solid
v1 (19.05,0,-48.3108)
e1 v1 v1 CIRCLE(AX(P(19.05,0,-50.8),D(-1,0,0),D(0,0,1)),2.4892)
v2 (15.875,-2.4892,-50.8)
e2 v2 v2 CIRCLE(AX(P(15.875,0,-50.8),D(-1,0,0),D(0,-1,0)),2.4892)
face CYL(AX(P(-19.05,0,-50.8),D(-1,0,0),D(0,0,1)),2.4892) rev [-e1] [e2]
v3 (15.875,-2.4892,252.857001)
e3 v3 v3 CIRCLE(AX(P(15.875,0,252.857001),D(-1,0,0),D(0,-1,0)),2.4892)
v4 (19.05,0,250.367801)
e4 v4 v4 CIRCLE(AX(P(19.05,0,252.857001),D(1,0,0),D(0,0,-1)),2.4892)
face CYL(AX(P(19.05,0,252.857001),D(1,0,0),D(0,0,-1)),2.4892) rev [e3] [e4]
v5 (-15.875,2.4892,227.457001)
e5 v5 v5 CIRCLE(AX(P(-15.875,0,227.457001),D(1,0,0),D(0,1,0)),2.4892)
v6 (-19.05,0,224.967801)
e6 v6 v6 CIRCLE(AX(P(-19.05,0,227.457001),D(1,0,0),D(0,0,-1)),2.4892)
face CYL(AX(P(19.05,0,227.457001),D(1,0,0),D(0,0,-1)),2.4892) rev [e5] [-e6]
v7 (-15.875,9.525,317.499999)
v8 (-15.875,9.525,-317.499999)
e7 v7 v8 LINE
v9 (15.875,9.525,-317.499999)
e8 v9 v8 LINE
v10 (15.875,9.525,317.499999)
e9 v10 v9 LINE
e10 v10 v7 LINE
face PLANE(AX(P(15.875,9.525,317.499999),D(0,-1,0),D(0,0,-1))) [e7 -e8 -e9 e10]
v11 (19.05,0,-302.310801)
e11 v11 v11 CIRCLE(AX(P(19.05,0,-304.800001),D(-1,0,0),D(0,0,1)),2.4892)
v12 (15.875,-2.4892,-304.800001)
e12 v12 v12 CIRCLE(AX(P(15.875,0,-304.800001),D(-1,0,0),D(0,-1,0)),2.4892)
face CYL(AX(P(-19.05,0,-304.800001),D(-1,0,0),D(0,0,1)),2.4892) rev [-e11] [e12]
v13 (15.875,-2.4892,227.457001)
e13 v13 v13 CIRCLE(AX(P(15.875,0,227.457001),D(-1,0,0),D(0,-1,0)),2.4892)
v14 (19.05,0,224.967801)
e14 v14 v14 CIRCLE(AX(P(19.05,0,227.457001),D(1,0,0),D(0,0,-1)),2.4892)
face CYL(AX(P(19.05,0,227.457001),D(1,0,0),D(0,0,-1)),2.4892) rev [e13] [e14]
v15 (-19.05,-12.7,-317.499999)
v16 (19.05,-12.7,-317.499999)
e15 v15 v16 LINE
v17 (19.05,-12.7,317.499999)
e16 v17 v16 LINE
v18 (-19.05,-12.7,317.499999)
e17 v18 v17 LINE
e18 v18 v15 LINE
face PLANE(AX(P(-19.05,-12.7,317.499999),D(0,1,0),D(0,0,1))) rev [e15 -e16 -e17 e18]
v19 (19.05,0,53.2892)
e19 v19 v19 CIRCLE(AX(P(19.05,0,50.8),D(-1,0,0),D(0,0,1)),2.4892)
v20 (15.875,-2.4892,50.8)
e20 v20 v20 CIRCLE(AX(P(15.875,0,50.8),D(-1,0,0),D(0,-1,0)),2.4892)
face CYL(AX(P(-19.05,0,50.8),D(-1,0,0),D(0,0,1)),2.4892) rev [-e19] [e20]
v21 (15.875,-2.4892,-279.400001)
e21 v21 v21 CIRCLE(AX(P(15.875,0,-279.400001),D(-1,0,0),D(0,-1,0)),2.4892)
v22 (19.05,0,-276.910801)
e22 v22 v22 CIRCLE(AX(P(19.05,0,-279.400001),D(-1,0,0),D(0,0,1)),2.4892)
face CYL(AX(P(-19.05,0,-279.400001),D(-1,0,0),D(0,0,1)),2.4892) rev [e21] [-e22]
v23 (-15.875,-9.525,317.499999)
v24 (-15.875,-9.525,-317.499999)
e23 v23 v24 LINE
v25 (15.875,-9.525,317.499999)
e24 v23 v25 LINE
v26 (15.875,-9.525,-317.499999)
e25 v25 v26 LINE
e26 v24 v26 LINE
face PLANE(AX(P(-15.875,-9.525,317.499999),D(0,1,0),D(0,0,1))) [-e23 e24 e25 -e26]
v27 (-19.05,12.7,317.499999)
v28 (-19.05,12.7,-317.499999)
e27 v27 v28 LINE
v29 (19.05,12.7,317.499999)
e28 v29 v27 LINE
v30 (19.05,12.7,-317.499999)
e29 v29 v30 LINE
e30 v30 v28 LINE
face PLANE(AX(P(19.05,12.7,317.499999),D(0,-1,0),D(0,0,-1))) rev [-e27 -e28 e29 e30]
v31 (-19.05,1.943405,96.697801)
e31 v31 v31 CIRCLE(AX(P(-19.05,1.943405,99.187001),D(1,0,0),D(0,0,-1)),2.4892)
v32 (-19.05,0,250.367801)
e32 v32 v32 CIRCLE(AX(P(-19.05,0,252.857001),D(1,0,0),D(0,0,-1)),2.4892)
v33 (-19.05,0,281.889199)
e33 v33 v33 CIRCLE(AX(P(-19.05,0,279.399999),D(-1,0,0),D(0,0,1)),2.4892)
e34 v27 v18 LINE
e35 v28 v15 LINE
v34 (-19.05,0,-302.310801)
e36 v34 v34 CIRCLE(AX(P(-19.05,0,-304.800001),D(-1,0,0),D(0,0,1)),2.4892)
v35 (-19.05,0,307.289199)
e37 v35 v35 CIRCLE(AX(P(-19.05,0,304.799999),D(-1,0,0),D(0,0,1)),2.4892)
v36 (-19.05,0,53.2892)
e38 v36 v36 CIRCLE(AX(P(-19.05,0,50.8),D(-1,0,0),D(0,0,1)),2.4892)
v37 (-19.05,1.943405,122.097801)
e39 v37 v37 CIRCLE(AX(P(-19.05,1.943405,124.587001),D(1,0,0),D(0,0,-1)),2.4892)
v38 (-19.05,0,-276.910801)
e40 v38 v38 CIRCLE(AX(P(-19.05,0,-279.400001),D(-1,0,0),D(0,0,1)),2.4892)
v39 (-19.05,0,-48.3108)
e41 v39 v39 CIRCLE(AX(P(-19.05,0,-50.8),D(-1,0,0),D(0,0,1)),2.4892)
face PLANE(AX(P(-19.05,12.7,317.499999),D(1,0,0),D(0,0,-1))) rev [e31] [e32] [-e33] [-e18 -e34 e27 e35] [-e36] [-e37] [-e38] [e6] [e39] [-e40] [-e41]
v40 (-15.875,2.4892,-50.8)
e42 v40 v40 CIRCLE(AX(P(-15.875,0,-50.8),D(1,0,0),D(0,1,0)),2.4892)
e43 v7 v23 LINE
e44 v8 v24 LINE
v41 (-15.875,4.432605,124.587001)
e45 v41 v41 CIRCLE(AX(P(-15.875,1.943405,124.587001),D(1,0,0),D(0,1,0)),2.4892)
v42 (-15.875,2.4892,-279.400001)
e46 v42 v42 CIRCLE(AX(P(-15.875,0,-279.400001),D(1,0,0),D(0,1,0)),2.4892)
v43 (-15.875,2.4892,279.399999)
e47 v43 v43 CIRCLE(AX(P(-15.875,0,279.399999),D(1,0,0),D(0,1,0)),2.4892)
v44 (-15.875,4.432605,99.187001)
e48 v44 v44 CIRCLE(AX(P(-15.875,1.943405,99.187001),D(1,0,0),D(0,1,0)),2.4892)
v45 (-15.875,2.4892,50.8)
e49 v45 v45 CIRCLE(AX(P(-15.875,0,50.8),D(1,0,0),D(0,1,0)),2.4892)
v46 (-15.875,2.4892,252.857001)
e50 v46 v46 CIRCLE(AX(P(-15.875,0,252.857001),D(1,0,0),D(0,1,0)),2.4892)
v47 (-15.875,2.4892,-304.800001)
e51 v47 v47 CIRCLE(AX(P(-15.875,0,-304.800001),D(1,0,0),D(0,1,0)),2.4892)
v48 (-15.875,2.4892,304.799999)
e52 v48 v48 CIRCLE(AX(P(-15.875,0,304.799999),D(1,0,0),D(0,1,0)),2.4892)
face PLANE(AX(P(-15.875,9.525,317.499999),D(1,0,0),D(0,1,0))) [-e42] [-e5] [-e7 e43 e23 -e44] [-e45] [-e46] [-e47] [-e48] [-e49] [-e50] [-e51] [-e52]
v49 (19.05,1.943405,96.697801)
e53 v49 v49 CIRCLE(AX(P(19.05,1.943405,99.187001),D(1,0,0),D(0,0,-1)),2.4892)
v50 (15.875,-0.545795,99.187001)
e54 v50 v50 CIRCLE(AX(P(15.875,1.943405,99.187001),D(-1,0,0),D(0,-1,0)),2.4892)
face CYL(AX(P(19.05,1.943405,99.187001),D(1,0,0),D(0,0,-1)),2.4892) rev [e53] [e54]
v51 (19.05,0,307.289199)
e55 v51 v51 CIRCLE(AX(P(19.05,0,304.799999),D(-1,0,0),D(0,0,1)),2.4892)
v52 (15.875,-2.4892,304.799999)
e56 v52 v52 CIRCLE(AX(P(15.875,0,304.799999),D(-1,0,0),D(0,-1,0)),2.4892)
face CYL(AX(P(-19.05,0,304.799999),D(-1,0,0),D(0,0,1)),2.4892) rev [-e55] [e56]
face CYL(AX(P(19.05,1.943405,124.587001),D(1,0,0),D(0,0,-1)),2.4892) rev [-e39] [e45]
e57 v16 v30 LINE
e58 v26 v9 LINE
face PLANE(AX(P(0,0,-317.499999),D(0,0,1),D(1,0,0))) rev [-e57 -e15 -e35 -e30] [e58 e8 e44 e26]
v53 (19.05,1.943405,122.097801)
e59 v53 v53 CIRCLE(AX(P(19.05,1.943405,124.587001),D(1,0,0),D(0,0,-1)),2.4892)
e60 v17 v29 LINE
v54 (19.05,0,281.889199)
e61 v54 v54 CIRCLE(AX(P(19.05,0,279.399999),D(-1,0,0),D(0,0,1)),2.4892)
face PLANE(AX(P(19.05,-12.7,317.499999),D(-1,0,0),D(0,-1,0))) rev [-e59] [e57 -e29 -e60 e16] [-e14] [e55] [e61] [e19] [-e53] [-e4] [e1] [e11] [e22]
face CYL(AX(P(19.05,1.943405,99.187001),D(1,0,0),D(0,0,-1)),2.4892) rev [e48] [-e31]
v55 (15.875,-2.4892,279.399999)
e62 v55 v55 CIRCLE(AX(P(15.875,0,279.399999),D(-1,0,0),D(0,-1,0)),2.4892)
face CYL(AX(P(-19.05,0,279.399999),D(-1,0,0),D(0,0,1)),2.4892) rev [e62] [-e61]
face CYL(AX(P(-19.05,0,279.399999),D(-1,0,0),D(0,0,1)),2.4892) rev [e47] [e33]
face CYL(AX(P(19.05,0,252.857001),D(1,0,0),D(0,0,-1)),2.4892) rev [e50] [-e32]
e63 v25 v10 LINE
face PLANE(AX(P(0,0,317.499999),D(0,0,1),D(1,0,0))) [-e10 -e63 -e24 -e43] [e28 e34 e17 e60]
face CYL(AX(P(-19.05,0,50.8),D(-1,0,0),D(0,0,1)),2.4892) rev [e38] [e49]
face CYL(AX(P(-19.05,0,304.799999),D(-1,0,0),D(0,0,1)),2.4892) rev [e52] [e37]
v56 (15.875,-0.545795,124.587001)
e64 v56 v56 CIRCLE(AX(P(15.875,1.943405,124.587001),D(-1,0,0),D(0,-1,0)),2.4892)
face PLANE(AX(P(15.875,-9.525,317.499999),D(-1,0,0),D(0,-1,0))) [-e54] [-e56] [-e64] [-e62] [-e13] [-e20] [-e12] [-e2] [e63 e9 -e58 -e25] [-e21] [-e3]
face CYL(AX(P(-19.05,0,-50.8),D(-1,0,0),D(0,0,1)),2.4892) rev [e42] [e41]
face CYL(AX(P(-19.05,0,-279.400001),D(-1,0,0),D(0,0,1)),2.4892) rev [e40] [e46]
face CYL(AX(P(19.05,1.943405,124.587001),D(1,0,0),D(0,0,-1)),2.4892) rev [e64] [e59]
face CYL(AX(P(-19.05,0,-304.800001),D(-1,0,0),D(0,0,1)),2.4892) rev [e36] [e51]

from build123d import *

# Parameters (mm, degrees)
BOSS_EXTRUDE1_DEPTH      = 317.499999
BOSS_EXTRUDE1_DEPTH_BACK = 317.499999
SKETCH3_W                = 38.1
SKETCH3_H                = 25.4
SKETCH3_W_2              = 31.75
SKETCH3_H_2              = 19.05
F_10_CLEARANCE_HOLE2_D   = 4.9784
F_10_CLEARANCE_HOLE4_D   = 4.9784
F_10_CLEARANCE_HOLE3_D   = 4.9784


with BuildPart() as part:
    # Sketch3 → Boss-Extrude1 (new, two sides: drawn at the far end of the back side and taken through both)
    with BuildSketch(Plane.XY.offset(-BOSS_EXTRUDE1_DEPTH_BACK)):
        Rectangle(SKETCH3_W, SKETCH3_H)
        Rectangle(SKETCH3_W_2, SKETCH3_H_2, mode=Mode.SUBTRACT)
    extrude(amount=BOSS_EXTRUDE1_DEPTH + BOSS_EXTRUDE1_DEPTH_BACK)

    # #10 Clearance Hole2 (through all)
    with Locations(Plane.ZY.offset(19.05)):
        with Locations((-304.800000508, 0), (-279.400000508, 0), (279.399999492, 0), (304.799999492, 0)):
            Hole(F_10_CLEARANCE_HOLE2_D / 2)

    # #10 Clearance Hole4 (through all)
    with Locations(Plane(origin=(19.05, 0, 0), x_dir=(0, 0, -1), z_dir=(1, 0, 0))):
        with Locations((-252.857000506, 8e-09), (-227.457000506, 1.1e-08), (-124.587000507, 1.943404818), (-99.187000507, 1.943404821)):
            Hole(F_10_CLEARANCE_HOLE4_D / 2)

    # #10 Clearance Hole3 (through all)
    with Locations(Plane.ZY.offset(19.05)):
        with Locations((-50.8, 0), (50.8, 0)):
            Hole(F_10_CLEARANCE_HOLE3_D / 2)


solid = part.part
